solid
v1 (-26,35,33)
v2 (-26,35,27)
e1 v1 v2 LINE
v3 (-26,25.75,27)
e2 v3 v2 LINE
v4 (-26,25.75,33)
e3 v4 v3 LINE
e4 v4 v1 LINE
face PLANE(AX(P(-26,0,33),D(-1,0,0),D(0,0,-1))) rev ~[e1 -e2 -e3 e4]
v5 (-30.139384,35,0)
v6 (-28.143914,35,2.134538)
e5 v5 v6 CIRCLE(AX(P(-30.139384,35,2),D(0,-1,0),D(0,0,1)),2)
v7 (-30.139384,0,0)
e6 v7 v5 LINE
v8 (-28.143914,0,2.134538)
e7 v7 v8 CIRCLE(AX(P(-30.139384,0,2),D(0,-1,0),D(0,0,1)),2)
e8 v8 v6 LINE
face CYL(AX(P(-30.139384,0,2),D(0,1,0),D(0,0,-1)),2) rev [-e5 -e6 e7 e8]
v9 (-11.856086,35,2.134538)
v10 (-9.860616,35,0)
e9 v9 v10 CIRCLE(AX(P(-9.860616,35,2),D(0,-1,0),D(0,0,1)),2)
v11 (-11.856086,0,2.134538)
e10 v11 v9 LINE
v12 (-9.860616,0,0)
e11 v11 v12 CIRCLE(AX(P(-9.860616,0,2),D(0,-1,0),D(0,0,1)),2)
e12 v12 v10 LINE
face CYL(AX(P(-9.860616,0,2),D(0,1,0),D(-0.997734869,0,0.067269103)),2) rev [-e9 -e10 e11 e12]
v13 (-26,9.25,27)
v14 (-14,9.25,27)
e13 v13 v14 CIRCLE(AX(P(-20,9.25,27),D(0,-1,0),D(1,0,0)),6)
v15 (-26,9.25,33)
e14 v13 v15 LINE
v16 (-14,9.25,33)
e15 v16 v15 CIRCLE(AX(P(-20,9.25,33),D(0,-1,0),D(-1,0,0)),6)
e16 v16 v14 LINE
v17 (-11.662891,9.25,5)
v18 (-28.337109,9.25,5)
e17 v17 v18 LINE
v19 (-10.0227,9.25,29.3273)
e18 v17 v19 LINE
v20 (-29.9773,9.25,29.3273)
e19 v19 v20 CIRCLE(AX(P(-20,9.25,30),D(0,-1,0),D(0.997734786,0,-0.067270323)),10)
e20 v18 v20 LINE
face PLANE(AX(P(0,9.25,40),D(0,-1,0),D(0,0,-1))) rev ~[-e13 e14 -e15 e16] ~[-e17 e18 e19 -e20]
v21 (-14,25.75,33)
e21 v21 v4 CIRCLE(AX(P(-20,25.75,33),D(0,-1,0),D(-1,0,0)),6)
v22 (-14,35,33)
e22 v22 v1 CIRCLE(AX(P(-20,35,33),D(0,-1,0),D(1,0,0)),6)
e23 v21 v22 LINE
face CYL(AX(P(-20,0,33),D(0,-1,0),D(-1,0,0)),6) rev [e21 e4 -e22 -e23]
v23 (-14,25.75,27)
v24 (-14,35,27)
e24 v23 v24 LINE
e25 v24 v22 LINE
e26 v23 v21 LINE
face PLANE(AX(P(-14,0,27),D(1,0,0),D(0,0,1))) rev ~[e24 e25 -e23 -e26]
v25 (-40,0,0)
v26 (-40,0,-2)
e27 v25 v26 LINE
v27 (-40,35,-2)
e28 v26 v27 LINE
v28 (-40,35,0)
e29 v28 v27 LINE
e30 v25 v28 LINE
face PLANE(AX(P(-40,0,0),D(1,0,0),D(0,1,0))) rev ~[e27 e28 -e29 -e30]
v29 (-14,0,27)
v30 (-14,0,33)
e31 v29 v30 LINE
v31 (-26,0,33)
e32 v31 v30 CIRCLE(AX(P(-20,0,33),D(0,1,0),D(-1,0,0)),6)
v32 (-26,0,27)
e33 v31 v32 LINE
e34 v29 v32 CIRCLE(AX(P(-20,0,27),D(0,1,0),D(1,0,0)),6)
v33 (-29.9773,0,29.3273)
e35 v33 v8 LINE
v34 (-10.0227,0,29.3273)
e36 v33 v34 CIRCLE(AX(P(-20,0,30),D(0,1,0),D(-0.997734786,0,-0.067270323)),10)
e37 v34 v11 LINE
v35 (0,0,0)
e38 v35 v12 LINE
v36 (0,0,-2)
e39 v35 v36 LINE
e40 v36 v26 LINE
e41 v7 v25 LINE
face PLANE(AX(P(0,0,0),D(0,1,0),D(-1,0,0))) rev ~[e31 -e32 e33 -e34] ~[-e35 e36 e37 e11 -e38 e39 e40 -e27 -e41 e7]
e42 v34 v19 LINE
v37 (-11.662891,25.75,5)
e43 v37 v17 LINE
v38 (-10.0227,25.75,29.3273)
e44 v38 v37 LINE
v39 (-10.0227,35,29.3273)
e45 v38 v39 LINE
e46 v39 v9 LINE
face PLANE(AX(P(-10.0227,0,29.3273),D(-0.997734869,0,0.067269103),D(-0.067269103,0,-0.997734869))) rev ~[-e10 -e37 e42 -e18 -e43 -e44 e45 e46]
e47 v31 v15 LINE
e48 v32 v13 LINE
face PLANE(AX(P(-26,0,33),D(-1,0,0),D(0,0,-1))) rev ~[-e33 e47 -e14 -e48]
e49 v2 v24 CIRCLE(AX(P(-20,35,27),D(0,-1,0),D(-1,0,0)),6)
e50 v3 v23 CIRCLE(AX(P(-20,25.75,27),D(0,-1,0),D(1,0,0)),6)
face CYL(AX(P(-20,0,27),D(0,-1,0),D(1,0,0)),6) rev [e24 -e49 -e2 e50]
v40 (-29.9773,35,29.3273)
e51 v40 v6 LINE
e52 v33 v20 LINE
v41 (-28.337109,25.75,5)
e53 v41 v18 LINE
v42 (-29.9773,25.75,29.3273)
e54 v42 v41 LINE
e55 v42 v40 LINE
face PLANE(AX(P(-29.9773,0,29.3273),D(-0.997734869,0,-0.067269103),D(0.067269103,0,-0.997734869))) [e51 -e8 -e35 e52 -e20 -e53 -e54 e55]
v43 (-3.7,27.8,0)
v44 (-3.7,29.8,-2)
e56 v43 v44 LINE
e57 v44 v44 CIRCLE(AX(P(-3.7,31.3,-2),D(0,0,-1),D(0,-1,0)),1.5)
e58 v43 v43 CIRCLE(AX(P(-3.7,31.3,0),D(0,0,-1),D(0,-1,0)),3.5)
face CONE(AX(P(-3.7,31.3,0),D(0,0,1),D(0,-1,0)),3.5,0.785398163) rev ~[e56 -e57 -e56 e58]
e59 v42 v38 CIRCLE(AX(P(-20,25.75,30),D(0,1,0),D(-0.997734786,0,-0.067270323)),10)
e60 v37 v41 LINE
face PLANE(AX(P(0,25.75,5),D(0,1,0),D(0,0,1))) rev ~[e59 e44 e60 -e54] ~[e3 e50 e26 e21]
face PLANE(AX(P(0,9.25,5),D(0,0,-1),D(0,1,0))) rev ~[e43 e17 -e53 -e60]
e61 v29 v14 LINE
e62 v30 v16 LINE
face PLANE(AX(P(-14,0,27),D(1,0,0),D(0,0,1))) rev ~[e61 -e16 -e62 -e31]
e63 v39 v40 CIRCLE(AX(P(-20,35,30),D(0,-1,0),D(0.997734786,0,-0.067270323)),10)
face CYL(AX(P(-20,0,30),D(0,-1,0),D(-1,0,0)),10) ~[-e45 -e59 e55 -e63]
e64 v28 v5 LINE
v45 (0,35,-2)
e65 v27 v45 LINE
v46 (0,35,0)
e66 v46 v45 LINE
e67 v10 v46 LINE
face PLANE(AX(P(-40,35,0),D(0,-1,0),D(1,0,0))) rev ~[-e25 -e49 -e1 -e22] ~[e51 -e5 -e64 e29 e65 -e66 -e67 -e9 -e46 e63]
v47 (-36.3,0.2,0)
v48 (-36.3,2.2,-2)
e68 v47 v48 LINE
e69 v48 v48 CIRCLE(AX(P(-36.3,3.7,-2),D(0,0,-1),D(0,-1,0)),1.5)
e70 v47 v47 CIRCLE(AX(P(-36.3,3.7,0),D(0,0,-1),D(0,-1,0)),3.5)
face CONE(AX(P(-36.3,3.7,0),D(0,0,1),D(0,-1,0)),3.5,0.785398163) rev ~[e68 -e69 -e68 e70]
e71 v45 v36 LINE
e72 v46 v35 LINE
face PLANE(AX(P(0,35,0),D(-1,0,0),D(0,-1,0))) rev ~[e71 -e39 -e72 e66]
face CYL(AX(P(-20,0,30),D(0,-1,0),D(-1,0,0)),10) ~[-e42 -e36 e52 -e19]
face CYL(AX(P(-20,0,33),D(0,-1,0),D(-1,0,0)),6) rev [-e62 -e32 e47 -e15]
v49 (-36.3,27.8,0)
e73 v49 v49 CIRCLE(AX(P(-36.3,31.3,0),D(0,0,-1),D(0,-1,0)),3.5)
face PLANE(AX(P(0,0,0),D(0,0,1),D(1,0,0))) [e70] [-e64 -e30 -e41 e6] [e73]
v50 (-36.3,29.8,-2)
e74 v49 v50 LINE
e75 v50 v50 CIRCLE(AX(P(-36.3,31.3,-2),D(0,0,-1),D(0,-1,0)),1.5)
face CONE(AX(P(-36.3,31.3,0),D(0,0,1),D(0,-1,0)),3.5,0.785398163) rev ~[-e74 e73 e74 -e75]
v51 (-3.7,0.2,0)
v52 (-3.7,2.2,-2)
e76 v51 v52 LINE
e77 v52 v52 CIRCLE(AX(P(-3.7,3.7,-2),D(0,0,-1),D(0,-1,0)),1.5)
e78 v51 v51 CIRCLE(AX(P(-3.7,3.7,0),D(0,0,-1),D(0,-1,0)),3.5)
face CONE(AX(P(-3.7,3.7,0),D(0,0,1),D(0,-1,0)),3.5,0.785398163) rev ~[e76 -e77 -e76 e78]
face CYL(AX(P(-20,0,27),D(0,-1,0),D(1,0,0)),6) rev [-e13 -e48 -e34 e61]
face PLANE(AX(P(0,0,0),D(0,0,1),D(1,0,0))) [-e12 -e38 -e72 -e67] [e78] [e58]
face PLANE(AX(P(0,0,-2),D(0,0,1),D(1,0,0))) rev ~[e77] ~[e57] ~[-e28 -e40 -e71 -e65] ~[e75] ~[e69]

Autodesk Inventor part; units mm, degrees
ref_plane "YZ Plane" through (0, 0, 0) normal (1, 0, 0) x (0, 1, 0)
ref_plane "XZ Plane" through (0, 0, 0) normal (0, 1, 0) x (-1, 0, 0)
ref_plane "XY Plane" through (0, 0, 0) normal (0, 0, 1) x (1, 0, 0)
sketch "Skizze3" plane through (0, 0, 0) normal (0, 0, 1) x (1, 0, 0)
  line L0 (0, 0) -> (-40, 0)
  line L1 (-40, 0) -> (-40, 35)
  line L2 (-40, 35) -> (0, 35)
  line L3 (0, 35) -> (0, 0)
  point P0 (-3.7, 3.7)
  dimension "d4" = 35
  dimension "d5" = 40
  dimension "d6" = 3.7
  dimension "d7" = 3.7
sketch "Skizze4" plane through (0, 0, 0) normal (0, 1, 0) x (-1, 0, 0)
  line L0 (0, 0) -> (40, 0) projected
  line L1 (20, 0) -> (20, 40)
  line L2 (20, 33) -> (20, 27) construction
  line L3 (26, 33) -> (26, 27)
  line L4 (14, 27) -> (14, 33)
  arc A0 (26, 33) -> (14, 33) centre (20, 33) ccw
  arc A1 (14, 27) -> (26, 27) centre (20, 27) ccw
  circle A2 centre (20, 30) radius 10
  line L5 (29.9773, 29.3273) -> (28, 0)
  line L6 (10.0227, 29.3273) -> (12, 0)
  dimension "d8" = 40
  dimension "d9" = 10
  dimension "d10" = 12
  dimension "d11" = 6
  dimension "d12" = 8
  dimension "d13" = 8
extrude "Extrusion3" add sketch "Skizze4" along normal blind 35 contours L6 A2 L1 L0 | L1 A2 L5 L0 | A2 L1 A0 L4 A1 | L1 A1 L3 A0 A2
extrude "Extrusion4" add sketch "Skizze3" against normal blind 2
hole "Bohrung1" at (-3.7, 3.7, 0) direction (0, 0, -1) diameter 2.459 depth 8.8 countersink diameter 7 countersink angle 90 thread size "M3x0.5" class "6H" standard "ISO Metric profile"
sketch "Skizze5" plane through (0, 0, 0) normal (1, 0, 0) x (0, 0, -1)
  line L0 (-40, 0) -> (-40, 35) projected
  line L1 (-40, 9.25) -> (-5, 9.25)
  line L2 (-5, 9.25) -> (-5, 25.75)
  line L3 (-5, 25.75) -> (-40, 25.75)
  line L4 (-40, 25.75) -> (-40, 9.25)
  point P0 (0, 0)
  point P1 (-40, 17.5)
  dimension "d25" = 16.5
  dimension "d26" = 35
extrude "Extrusion5" cut sketch "Skizze5" against normal through all
pattern_linear "Rechteckige Anordnung1" count 2 spacing 32.6 along (-1, 0, 0) count 2 spacing 27.6 along (0, 1, 0) of "Bohrung1"
fillet "Rundung2" radius 2 2 edges at (-12, 17.5, 0) (-28, 17.5, 0)
equation "\"d7\" = d6"
equation "\"d13\" = d12"
equation "\"d14\" = d4"
equation "\"d31\" = d5 - 2 * d6"
equation "\"d34\" = d4 - 2 * d7"
properties part number "BT101_trajan20_21" material "Kunststoff, undurchsichtig Schwarz"
